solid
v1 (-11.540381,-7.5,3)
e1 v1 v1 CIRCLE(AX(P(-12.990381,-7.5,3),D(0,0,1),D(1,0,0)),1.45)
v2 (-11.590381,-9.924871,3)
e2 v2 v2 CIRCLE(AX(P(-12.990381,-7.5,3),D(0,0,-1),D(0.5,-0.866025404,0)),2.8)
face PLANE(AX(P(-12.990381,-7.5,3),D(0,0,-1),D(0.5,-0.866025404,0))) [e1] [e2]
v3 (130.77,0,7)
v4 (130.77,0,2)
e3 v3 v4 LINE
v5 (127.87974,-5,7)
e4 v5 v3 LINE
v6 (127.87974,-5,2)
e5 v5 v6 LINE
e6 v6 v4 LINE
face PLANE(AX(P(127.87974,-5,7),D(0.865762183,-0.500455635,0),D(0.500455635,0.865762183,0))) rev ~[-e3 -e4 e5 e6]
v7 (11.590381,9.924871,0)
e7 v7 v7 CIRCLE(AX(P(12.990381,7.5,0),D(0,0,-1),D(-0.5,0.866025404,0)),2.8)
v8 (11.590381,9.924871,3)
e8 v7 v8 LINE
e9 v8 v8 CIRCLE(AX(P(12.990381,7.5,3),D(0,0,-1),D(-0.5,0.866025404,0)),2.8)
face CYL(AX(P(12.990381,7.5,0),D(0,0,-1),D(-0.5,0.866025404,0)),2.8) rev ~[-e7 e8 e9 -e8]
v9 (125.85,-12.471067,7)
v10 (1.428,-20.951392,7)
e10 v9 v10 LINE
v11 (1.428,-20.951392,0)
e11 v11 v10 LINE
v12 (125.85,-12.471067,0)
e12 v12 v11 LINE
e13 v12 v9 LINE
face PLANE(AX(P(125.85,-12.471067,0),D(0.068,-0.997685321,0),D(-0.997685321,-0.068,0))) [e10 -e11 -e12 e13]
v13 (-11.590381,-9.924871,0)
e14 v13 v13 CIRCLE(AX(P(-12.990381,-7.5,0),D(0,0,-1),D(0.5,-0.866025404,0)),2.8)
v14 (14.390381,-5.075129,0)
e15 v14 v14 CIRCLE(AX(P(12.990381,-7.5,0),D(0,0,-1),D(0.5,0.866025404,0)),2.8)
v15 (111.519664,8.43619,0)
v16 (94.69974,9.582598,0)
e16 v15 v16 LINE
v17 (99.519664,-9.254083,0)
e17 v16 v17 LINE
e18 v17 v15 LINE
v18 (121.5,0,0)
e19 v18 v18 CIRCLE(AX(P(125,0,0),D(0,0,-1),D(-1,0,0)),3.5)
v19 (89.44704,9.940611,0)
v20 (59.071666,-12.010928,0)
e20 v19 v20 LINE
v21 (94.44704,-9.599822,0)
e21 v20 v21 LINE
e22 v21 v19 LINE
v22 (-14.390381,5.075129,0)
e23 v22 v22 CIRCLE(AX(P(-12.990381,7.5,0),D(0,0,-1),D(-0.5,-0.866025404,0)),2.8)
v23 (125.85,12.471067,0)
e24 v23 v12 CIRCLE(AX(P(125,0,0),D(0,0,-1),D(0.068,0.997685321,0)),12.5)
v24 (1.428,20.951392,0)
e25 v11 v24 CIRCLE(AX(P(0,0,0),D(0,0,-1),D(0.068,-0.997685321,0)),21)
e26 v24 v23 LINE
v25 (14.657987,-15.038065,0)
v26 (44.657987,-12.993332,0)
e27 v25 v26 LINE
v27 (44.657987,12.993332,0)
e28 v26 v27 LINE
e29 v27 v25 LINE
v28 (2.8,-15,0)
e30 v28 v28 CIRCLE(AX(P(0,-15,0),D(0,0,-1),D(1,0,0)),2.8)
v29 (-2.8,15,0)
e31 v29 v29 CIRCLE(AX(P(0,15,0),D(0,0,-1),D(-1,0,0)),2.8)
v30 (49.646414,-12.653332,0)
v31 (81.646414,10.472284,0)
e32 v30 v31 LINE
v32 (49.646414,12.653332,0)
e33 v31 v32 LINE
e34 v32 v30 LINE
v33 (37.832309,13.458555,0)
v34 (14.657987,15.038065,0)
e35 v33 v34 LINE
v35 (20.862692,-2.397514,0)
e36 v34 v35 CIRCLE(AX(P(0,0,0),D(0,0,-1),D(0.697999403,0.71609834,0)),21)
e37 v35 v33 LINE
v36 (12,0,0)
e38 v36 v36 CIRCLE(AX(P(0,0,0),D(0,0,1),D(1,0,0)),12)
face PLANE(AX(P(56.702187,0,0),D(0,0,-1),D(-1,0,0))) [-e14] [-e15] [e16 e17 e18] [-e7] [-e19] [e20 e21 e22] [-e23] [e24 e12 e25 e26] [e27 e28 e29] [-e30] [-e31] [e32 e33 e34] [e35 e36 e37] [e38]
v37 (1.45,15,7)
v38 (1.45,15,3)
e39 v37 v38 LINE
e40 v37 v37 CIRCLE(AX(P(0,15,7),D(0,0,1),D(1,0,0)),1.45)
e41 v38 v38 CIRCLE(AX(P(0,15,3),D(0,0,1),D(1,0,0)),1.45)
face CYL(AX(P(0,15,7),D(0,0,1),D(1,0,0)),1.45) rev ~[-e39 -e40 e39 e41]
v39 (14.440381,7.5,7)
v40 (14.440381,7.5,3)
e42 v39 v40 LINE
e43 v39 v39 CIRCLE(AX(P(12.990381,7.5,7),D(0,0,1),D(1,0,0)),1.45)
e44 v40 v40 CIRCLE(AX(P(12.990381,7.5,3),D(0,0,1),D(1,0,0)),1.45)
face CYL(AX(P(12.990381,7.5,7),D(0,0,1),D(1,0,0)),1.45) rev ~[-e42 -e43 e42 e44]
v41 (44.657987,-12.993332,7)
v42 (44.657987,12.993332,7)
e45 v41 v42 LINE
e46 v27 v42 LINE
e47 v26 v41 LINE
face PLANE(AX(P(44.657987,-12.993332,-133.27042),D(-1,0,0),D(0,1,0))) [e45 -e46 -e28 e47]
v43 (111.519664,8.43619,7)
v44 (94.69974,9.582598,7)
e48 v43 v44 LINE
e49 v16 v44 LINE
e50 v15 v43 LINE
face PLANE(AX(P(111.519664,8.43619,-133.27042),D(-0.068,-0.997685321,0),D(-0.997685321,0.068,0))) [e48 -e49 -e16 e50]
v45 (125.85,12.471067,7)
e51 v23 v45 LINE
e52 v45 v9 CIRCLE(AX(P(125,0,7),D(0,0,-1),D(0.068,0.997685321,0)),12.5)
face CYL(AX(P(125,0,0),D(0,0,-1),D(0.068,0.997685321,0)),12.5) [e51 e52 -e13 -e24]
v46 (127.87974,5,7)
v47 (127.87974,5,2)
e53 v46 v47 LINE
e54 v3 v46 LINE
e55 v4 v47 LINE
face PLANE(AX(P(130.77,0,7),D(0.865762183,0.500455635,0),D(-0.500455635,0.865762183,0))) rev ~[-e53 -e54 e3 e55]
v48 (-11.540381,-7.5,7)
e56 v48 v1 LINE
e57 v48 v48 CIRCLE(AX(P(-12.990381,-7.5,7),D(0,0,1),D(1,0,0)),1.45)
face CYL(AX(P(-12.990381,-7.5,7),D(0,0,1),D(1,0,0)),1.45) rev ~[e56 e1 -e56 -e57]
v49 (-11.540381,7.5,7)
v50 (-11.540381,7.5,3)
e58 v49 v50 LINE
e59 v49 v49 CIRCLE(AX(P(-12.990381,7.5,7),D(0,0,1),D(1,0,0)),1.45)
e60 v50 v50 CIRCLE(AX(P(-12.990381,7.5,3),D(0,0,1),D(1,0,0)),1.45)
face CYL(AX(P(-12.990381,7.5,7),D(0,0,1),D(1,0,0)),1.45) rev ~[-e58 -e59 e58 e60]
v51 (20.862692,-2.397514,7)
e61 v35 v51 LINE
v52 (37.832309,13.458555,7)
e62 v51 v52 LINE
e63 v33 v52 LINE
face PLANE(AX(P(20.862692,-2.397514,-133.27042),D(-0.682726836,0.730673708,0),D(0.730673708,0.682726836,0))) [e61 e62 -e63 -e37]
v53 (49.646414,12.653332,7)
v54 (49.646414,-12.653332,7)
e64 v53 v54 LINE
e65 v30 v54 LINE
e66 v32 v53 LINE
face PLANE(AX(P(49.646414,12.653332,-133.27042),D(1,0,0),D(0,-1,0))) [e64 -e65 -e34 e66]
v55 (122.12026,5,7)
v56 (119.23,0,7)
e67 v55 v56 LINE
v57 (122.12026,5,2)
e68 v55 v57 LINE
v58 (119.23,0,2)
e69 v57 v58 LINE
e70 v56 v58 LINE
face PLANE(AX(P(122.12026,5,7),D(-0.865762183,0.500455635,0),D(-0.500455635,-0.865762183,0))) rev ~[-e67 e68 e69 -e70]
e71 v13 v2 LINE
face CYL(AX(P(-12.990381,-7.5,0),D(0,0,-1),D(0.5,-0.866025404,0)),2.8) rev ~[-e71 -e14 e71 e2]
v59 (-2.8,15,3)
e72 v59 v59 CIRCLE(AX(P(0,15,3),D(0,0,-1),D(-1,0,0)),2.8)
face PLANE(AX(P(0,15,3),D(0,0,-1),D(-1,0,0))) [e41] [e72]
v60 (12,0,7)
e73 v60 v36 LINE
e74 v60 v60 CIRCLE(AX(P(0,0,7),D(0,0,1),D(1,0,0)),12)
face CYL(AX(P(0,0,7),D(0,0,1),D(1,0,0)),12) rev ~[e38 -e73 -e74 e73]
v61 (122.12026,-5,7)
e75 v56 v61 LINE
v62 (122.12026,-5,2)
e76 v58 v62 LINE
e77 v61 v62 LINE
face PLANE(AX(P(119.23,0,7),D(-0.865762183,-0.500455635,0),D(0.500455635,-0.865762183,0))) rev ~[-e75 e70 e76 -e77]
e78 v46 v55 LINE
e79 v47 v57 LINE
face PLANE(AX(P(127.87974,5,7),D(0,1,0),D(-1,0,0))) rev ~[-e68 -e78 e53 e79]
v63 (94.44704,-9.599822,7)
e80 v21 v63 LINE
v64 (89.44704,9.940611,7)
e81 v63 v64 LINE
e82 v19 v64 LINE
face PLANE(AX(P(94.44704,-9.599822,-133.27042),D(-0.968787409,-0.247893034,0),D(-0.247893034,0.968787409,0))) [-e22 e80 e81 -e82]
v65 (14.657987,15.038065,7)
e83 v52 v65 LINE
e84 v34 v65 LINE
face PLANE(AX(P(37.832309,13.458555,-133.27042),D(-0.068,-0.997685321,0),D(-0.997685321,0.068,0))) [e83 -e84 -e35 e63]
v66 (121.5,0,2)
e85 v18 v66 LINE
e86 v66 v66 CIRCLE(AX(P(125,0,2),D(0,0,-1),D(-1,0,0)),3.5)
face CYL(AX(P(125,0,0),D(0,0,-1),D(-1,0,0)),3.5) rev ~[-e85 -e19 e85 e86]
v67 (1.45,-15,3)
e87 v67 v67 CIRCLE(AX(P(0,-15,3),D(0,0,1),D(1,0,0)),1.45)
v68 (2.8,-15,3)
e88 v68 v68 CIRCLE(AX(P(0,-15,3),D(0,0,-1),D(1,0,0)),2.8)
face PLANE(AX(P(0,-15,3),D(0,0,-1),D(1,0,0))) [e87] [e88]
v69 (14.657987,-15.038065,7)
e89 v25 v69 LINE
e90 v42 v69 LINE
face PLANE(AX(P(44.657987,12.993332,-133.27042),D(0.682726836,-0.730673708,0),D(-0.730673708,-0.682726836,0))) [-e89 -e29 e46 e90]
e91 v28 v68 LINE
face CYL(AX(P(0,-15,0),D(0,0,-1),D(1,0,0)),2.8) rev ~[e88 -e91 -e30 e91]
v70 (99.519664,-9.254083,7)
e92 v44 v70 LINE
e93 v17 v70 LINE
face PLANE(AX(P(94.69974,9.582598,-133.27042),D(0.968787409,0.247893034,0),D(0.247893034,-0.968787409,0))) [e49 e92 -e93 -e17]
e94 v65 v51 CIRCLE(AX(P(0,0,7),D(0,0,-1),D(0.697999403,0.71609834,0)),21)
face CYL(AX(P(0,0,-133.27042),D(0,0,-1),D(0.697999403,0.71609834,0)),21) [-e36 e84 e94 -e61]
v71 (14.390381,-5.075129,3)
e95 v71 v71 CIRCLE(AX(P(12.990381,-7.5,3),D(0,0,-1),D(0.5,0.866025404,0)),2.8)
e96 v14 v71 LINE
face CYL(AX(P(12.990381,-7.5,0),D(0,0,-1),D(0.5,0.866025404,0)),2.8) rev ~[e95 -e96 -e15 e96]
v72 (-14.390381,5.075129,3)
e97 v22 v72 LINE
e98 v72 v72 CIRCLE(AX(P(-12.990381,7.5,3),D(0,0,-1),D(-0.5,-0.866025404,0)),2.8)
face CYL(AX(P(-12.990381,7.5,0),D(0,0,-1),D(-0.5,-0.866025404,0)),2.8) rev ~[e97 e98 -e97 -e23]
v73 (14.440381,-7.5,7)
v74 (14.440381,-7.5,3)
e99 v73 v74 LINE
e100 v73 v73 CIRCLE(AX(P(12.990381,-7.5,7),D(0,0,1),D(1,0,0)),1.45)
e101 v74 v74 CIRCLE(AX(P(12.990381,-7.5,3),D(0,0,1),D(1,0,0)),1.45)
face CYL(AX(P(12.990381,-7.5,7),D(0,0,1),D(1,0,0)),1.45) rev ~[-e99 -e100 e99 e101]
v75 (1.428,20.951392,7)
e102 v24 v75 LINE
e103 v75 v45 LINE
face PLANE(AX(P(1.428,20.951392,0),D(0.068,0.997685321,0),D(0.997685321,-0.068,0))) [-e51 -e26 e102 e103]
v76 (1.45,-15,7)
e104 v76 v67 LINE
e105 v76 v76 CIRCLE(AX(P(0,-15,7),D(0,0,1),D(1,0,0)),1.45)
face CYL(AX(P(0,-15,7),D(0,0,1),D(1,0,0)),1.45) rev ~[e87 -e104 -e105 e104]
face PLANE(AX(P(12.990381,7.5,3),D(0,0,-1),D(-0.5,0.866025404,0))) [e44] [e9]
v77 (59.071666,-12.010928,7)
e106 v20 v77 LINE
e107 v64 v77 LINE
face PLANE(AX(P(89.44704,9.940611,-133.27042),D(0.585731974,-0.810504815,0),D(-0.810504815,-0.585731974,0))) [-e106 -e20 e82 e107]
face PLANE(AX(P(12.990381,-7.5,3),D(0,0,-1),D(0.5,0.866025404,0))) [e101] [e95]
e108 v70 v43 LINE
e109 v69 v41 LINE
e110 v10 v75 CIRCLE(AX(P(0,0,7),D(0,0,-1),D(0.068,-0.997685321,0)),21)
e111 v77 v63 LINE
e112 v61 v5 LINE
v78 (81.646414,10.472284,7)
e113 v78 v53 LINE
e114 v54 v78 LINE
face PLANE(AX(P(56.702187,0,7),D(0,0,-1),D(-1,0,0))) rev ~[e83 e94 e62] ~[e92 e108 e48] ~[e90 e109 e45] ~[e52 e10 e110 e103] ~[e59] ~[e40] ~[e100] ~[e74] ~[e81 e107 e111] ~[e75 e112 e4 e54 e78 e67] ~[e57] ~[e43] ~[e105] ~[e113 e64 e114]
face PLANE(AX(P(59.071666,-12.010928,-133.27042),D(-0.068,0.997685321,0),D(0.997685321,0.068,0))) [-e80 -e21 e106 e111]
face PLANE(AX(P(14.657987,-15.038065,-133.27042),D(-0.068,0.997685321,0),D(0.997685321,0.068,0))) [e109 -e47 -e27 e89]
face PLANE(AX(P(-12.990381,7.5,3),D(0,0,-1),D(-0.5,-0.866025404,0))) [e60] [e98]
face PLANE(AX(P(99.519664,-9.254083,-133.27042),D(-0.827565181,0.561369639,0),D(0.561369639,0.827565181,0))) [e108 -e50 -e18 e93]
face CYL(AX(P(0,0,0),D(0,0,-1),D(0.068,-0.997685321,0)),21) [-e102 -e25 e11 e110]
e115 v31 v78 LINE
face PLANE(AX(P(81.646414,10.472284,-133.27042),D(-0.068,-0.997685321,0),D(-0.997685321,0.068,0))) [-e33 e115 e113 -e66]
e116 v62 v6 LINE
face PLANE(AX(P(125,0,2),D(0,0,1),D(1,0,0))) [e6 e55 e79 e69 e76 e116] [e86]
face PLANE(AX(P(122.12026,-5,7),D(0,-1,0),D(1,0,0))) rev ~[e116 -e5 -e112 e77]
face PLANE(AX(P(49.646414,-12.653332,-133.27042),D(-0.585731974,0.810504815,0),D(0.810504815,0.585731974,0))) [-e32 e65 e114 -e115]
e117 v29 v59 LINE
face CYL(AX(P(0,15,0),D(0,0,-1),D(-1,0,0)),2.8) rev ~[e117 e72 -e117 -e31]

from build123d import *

# Parameters (mm, degrees)
EXTRUDE_1_DEPTH          = 7
CUT_EXTRUDE_1_DEPTH      = 140.270420406
CUT_EXTRUDE_1_DEPTH_BACK = 140.270420406
CUT_EXTRUDE_2_DEPTH      = 5
SKETCH_12_R              = 1.45
CUT_EXTRUDE_3_DEPTH      = 140.270420406
SKETCH_14_R              = 12
CUT_EXTRUDE_4_DEPTH      = 140.270420406
SKETCH_15_R              = 3.5
CUT_EXTRUDE_5_DEPTH      = 10
SKETCH_16_R              = 2.8
CUT_EXTRUDE_6_DEPTH      = 3
PATTERN_CIRCULAR_1_COUNT = 6


with BuildPart() as part:
    # 草图2 → 凸台-拉伸1 (new body)
    with BuildSketch(Plane.XY):
        with BuildLine():
            Line((1.428, 20.951391744), (125.85, 12.471066514))
            ThreePointArc((125.85, 12.471066514), (137.5, 0), (125.85, -12.471066514))
            Line((125.85, -12.471066514), (1.428, -20.951391744))
            ThreePointArc((1.428, -20.951391744), (-21, 0), (1.428, 20.951391744))
        make_face()
    extrude(amount=EXTRUDE_1_DEPTH)

    # 草图3 → 切除-拉伸1 (cut, two sides: drawn at the far end of the back side and taken through both)
    with BuildSketch(Plane.XY.offset(7).offset(-CUT_EXTRUDE_1_DEPTH_BACK)):
        with BuildLine():
            ThreePointArc((14.657987472, 15.038065143), (19.784577979, 7.04063024), (20.86269223, -2.397513905))
            Line((20.86269223, -2.397513905), (37.832309087, 13.458555215))
            Line((37.832309087, 13.458555215), (14.657987472, 15.038065143))
        make_face()
        Polygon((44.657987472, 12.993332243), (14.657987472, -15.038065143), (44.657987472, -12.993332243), align=None)
        Polygon((49.646414078, 12.653332243), (49.646414078, -12.653332243), (81.646414078, 10.472283817), align=None)
        Polygon((89.447040438, 9.940610571), (59.071666369, -12.010928128), (94.447040438, -9.599821755), align=None)
        Polygon((111.519663952, 8.436189922), (94.699739521, 9.58259835), (99.519663952, -9.254083082), align=None)
    extrude(amount=CUT_EXTRUDE_1_DEPTH + CUT_EXTRUDE_1_DEPTH_BACK, mode=Mode.SUBTRACT)

    # 草图7 → 切除-拉伸2 (cut)
    with BuildSketch(Plane.XY.offset(7)):
        Polygon((127.879739572, 5), (122.120260428, 5), (119.23, 0), (122.120260428, -5), (127.879739572, -5), (130.77, 0), align=None)
    extrude(amount=-CUT_EXTRUDE_2_DEPTH, mode=Mode.SUBTRACT)

    # 草图12 → 切除-拉伸3 (cut, through all)
    with BuildSketch(Plane.XY.offset(7)):
        with Locations((0, 15)):
            Circle(SKETCH_12_R)
        with Locations((12.990381057, 7.5)):
            Circle(SKETCH_12_R)
        with Locations((12.990381057, -7.5)):
            Circle(SKETCH_12_R)
        with Locations((0, -15)):
            Circle(SKETCH_12_R)
        with Locations((-12.990381057, -7.5)):
            Circle(SKETCH_12_R)
        with Locations((-12.990381057, 7.5)):
            Circle(SKETCH_12_R)
    extrude(amount=-CUT_EXTRUDE_3_DEPTH, mode=Mode.SUBTRACT)

    # 草图14 → 切除-拉伸4 (cut, through all)
    with BuildSketch(Plane.XY.offset(7)):
        Circle(SKETCH_14_R)
    extrude(amount=-CUT_EXTRUDE_4_DEPTH, mode=Mode.SUBTRACT)

    # 草图15 → 切除-拉伸5 (cut)
    with BuildSketch(Plane(origin=(0, 0, 0), x_dir=(-1, 0, 0), z_dir=(0, 0, -1))):
        with Locations((-125, 0)):
            Circle(SKETCH_15_R)
    extrude(amount=-CUT_EXTRUDE_5_DEPTH, mode=Mode.SUBTRACT)

    # 草图16 → 切除-拉伸6 (cut)
    with BuildSketch(Plane(origin=(0, 0, 0), x_dir=(-1, 0, 0), z_dir=(0, 0, -1))):
        with Locations((0, 15)):
            Circle(SKETCH_16_R)
    cut_extrude_6 = extrude(amount=-CUT_EXTRUDE_6_DEPTH, mode=Mode.SUBTRACT)

    # 阵列(圆周)1: 切除-拉伸6 ×6 about axis
    pattern_circular_1_axis = Axis((0, 0, 0), (0, 0, 1))
    for i in range(1, PATTERN_CIRCULAR_1_COUNT):
        add(cut_extrude_6.rotate(pattern_circular_1_axis, i * 360 / PATTERN_CIRCULAR_1_COUNT), mode=Mode.SUBTRACT)


solid = part.part
